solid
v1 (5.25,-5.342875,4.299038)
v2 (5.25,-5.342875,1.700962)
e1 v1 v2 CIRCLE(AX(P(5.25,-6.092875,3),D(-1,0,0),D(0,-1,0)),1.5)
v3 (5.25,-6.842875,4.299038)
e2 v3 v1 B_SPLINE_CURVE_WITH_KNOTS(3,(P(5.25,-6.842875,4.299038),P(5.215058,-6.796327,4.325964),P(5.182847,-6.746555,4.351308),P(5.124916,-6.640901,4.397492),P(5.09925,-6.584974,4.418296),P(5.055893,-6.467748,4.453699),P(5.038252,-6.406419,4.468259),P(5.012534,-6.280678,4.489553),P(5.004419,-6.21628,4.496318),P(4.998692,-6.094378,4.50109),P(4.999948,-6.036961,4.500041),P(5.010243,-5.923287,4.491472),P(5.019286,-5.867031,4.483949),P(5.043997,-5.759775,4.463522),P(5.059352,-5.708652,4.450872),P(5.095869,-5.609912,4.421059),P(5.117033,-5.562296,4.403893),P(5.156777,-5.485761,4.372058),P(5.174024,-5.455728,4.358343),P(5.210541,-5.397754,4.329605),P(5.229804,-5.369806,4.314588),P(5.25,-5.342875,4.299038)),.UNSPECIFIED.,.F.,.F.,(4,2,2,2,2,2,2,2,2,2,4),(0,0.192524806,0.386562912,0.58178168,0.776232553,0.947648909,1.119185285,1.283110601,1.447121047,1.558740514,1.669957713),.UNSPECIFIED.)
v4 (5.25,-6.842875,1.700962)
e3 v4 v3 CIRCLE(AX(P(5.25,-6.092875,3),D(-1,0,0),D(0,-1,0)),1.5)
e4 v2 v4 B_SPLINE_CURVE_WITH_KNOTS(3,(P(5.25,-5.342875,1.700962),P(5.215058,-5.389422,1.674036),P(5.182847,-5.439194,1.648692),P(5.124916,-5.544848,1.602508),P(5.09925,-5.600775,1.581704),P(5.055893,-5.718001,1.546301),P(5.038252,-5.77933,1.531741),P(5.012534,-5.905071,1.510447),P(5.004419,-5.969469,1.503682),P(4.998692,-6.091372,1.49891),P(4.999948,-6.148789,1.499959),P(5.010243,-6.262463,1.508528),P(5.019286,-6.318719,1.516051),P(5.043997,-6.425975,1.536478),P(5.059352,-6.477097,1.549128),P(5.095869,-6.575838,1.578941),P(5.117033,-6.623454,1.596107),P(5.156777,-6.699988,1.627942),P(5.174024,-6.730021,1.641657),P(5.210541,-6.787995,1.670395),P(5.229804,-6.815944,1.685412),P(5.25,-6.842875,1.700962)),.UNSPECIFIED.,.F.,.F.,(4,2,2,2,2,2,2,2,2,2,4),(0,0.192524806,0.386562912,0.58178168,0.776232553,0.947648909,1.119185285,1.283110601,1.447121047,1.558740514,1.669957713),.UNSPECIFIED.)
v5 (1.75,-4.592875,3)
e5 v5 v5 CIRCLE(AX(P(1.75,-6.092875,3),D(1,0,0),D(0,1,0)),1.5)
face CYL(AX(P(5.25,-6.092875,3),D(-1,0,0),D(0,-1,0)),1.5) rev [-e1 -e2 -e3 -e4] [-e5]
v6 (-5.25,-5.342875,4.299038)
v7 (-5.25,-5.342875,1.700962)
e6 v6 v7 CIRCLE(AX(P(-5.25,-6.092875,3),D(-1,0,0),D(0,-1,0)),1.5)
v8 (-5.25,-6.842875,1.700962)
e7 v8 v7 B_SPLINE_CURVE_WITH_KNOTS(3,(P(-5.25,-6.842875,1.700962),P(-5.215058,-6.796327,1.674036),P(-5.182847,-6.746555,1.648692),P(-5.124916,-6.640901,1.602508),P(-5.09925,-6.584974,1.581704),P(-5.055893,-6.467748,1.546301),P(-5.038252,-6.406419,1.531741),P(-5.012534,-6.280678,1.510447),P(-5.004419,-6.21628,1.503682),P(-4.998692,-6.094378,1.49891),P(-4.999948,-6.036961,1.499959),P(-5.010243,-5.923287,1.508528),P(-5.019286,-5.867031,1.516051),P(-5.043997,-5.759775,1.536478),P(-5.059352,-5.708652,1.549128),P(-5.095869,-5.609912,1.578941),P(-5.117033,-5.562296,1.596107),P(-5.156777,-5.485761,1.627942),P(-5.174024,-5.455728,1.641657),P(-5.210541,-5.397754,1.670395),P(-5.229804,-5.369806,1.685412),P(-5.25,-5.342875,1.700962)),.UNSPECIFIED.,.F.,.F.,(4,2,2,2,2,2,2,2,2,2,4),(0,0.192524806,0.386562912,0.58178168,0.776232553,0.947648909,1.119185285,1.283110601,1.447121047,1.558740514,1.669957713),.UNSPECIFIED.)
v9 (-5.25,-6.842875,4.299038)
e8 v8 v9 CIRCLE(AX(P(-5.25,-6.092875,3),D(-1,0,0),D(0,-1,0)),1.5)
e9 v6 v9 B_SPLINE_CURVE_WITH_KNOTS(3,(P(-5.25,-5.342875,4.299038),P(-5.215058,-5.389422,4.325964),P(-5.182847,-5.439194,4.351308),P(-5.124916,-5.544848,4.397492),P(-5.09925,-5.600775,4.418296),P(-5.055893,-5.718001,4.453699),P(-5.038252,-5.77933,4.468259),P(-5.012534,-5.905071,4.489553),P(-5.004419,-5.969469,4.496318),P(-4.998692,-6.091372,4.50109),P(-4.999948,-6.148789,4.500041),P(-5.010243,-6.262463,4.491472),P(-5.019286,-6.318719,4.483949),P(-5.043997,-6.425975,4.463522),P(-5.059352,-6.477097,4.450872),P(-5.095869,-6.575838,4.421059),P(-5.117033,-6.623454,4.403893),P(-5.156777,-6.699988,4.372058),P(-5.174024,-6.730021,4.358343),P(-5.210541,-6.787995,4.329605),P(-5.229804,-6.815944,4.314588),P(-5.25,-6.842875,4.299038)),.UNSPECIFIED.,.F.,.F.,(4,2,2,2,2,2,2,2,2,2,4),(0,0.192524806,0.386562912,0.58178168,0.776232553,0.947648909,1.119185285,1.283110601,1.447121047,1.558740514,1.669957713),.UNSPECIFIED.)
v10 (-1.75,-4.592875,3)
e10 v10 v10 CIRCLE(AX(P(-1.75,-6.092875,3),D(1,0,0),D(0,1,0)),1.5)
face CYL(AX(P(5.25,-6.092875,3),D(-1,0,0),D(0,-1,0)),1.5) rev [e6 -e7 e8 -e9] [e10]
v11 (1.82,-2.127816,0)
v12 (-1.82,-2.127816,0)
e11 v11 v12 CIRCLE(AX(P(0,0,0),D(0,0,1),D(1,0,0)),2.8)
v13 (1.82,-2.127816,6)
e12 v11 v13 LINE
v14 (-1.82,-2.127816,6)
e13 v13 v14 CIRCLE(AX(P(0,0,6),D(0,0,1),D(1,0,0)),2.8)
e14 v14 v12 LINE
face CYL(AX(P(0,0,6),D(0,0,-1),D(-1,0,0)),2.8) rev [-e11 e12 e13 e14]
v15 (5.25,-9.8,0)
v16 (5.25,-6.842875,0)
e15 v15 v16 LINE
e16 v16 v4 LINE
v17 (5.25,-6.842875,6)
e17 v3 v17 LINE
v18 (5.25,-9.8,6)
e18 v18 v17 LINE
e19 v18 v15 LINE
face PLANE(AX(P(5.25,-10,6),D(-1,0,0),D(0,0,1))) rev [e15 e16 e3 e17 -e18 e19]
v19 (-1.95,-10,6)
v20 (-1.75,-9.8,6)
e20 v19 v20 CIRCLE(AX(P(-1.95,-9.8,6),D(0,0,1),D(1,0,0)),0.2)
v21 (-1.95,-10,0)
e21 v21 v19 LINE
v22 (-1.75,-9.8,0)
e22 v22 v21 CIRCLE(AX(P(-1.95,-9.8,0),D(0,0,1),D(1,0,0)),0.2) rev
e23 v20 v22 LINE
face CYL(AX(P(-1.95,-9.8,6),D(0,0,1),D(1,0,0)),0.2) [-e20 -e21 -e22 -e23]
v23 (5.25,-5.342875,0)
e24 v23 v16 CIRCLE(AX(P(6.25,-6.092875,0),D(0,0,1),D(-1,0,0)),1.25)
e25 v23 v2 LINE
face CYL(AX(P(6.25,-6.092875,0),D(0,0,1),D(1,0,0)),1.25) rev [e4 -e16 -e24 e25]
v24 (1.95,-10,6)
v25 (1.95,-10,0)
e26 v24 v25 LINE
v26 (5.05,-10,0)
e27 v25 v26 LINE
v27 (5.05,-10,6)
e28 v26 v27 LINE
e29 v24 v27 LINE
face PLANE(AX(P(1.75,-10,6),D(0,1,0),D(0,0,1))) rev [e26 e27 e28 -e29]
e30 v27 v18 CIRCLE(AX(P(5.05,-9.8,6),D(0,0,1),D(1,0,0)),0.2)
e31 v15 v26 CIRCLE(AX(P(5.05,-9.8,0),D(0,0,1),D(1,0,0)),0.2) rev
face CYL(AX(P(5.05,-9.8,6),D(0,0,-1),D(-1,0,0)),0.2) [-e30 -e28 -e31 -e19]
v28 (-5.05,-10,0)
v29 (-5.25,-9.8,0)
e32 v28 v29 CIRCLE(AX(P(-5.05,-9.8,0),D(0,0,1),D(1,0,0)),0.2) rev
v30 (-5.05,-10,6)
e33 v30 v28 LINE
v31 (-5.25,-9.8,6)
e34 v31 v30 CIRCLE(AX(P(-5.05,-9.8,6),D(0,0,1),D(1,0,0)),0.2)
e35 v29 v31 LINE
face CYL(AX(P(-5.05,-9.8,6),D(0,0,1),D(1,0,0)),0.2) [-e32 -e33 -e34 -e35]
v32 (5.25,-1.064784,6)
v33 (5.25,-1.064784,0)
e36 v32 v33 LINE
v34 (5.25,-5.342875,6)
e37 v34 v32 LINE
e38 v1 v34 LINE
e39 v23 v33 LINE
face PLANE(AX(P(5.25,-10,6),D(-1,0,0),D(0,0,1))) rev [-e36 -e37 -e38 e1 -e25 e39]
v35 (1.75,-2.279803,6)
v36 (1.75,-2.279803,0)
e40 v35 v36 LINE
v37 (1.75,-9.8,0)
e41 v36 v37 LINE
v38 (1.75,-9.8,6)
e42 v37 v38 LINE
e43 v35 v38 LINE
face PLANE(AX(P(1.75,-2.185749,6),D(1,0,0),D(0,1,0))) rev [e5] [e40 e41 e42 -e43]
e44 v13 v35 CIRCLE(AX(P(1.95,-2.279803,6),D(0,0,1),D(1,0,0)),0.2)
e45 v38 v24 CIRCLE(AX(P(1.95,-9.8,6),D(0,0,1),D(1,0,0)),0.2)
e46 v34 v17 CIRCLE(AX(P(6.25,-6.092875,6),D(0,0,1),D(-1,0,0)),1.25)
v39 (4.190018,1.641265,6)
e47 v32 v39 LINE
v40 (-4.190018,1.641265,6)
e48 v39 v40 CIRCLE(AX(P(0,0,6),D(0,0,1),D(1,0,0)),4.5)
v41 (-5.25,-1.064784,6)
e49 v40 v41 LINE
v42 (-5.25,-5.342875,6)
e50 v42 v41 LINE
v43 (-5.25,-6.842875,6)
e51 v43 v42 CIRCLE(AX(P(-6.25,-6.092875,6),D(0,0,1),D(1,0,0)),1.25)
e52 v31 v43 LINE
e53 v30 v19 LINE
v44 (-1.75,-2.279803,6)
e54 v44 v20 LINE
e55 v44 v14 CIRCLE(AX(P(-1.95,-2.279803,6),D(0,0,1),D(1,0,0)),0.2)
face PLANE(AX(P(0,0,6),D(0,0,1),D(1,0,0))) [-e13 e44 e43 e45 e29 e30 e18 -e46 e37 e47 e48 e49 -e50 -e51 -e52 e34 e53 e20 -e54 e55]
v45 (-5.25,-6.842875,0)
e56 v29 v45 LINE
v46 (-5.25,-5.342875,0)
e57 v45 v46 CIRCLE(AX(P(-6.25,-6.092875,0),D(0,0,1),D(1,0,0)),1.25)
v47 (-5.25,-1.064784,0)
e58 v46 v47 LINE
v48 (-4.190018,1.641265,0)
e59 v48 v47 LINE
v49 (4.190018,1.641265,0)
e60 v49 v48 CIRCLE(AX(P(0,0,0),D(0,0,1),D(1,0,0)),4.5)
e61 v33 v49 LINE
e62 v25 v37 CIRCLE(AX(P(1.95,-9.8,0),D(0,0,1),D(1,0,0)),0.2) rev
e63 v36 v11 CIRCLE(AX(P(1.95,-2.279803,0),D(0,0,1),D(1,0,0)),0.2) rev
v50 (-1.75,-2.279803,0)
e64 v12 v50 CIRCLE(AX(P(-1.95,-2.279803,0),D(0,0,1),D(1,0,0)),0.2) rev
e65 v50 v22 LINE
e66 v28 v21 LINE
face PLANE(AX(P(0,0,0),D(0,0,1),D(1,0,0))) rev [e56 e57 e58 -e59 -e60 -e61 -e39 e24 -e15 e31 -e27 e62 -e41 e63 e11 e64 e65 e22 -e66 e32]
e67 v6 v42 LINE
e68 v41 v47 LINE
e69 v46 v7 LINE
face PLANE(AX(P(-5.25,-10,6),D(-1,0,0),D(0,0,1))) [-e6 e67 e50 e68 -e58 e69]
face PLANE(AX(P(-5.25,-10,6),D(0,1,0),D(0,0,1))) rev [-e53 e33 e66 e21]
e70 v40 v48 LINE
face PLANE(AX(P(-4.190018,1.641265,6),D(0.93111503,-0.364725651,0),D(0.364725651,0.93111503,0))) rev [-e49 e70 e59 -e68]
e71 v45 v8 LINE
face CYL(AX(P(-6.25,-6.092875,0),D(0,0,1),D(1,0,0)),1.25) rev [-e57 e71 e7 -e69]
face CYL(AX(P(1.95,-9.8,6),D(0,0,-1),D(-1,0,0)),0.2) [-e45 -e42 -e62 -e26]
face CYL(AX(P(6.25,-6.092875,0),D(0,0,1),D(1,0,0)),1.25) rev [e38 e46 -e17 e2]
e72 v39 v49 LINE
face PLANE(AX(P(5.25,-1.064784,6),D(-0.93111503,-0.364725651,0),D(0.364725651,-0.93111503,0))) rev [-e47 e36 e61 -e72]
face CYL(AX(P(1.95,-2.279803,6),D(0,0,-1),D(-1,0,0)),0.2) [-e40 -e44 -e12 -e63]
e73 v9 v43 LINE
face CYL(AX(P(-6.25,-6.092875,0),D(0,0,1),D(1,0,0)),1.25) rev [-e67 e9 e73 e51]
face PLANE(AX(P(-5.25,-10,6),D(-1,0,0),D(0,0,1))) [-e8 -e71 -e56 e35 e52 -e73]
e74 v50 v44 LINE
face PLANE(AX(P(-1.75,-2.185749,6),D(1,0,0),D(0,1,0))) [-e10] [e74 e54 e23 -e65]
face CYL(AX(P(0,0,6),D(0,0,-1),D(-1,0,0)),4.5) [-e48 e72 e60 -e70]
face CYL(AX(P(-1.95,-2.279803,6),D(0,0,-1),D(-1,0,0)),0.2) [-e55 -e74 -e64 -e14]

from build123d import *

# Parameters (mm, degrees)
EXTRUDE_1_DEPTH     = 6
CUT_EXTRUDE_1_DEPTH = 13.789155562
SKETCH_3_R          = 1.5
CUT_EXTRUDE_3_DEPTH = 16.692354826
FILLET_1_R          = 0.2


with BuildPart() as part:
    # ｽｹｯﾁ1 → ﾎﾞｽ - 押し出し1 (new body)
    with BuildSketch(Plane.XY):
        with BuildLine():
            Line((-5.25, -10), (-5.25, -1.064783644))
            Line((-5.25, -1.064783644), (-4.190017635, 1.641265431))
            ThreePointArc((-4.190017635, 1.641265431), (0, 4.5), (4.190017635, 1.641265431))
            Line((4.190017635, 1.641265431), (5.25, -1.064783644))
            Line((5.25, -1.064783644), (5.25, -10))
            Line((5.25, -10), (1.75, -10))
            Line((1.75, -10), (1.75, -2.185749299))
            ThreePointArc((1.75, -2.185749299), (0, 2.8), (-1.75, -2.185749299))
            Line((-1.75, -2.185749299), (-1.75, -10))
            Line((-1.75, -10), (-5.25, -10))
        make_face()
    extrude(amount=EXTRUDE_1_DEPTH)

    # ｽｹｯﾁ2 → ｶｯﾄ - 押し出し1 (cut, through all)
    with BuildSketch(Plane.XY.offset(6)):
        with BuildLine():
            Line((-5.25, -6.84287465), (-5.25, -5.34287465))
            ThreePointArc((-5.25, -5.34287465), (-5, -6.09287465), (-5.25, -6.84287465))
        make_face()
        with BuildLine():
            Line((5.25, -6.84287465), (5.25, -5.34287465))
            ThreePointArc((5.25, -5.34287465), (5, -6.09287465), (5.25, -6.84287465))
        make_face()
    extrude(amount=-CUT_EXTRUDE_1_DEPTH, mode=Mode.SUBTRACT)

    # ｽｹｯﾁ3 → ｶｯﾄ - 押し出し3 (cut, through all)
    with BuildSketch(Plane.ZY.offset(5.25)):
        with Locations(Location((3, -6.09287465, 0), (0, 0, 330))):
            Circle(SKETCH_3_R)
    extrude(amount=-CUT_EXTRUDE_3_DEPTH, mode=Mode.SUBTRACT)

    # ﾌｨﾚｯﾄ1
    fillet_1_edges = [part.edges().sort_by_distance(p)[0] for p in [
        (1.75, -2.185749299, 3),
        (-1.75, -2.185749299, 3),
        (-1.75, -10, 3),
        (-5.25, -10, 3),
        (5.25, -10, 3),
        (1.75, -10, 3),
    ]]
    fillet(fillet_1_edges, radius=FILLET_1_R)


solid = part.part
